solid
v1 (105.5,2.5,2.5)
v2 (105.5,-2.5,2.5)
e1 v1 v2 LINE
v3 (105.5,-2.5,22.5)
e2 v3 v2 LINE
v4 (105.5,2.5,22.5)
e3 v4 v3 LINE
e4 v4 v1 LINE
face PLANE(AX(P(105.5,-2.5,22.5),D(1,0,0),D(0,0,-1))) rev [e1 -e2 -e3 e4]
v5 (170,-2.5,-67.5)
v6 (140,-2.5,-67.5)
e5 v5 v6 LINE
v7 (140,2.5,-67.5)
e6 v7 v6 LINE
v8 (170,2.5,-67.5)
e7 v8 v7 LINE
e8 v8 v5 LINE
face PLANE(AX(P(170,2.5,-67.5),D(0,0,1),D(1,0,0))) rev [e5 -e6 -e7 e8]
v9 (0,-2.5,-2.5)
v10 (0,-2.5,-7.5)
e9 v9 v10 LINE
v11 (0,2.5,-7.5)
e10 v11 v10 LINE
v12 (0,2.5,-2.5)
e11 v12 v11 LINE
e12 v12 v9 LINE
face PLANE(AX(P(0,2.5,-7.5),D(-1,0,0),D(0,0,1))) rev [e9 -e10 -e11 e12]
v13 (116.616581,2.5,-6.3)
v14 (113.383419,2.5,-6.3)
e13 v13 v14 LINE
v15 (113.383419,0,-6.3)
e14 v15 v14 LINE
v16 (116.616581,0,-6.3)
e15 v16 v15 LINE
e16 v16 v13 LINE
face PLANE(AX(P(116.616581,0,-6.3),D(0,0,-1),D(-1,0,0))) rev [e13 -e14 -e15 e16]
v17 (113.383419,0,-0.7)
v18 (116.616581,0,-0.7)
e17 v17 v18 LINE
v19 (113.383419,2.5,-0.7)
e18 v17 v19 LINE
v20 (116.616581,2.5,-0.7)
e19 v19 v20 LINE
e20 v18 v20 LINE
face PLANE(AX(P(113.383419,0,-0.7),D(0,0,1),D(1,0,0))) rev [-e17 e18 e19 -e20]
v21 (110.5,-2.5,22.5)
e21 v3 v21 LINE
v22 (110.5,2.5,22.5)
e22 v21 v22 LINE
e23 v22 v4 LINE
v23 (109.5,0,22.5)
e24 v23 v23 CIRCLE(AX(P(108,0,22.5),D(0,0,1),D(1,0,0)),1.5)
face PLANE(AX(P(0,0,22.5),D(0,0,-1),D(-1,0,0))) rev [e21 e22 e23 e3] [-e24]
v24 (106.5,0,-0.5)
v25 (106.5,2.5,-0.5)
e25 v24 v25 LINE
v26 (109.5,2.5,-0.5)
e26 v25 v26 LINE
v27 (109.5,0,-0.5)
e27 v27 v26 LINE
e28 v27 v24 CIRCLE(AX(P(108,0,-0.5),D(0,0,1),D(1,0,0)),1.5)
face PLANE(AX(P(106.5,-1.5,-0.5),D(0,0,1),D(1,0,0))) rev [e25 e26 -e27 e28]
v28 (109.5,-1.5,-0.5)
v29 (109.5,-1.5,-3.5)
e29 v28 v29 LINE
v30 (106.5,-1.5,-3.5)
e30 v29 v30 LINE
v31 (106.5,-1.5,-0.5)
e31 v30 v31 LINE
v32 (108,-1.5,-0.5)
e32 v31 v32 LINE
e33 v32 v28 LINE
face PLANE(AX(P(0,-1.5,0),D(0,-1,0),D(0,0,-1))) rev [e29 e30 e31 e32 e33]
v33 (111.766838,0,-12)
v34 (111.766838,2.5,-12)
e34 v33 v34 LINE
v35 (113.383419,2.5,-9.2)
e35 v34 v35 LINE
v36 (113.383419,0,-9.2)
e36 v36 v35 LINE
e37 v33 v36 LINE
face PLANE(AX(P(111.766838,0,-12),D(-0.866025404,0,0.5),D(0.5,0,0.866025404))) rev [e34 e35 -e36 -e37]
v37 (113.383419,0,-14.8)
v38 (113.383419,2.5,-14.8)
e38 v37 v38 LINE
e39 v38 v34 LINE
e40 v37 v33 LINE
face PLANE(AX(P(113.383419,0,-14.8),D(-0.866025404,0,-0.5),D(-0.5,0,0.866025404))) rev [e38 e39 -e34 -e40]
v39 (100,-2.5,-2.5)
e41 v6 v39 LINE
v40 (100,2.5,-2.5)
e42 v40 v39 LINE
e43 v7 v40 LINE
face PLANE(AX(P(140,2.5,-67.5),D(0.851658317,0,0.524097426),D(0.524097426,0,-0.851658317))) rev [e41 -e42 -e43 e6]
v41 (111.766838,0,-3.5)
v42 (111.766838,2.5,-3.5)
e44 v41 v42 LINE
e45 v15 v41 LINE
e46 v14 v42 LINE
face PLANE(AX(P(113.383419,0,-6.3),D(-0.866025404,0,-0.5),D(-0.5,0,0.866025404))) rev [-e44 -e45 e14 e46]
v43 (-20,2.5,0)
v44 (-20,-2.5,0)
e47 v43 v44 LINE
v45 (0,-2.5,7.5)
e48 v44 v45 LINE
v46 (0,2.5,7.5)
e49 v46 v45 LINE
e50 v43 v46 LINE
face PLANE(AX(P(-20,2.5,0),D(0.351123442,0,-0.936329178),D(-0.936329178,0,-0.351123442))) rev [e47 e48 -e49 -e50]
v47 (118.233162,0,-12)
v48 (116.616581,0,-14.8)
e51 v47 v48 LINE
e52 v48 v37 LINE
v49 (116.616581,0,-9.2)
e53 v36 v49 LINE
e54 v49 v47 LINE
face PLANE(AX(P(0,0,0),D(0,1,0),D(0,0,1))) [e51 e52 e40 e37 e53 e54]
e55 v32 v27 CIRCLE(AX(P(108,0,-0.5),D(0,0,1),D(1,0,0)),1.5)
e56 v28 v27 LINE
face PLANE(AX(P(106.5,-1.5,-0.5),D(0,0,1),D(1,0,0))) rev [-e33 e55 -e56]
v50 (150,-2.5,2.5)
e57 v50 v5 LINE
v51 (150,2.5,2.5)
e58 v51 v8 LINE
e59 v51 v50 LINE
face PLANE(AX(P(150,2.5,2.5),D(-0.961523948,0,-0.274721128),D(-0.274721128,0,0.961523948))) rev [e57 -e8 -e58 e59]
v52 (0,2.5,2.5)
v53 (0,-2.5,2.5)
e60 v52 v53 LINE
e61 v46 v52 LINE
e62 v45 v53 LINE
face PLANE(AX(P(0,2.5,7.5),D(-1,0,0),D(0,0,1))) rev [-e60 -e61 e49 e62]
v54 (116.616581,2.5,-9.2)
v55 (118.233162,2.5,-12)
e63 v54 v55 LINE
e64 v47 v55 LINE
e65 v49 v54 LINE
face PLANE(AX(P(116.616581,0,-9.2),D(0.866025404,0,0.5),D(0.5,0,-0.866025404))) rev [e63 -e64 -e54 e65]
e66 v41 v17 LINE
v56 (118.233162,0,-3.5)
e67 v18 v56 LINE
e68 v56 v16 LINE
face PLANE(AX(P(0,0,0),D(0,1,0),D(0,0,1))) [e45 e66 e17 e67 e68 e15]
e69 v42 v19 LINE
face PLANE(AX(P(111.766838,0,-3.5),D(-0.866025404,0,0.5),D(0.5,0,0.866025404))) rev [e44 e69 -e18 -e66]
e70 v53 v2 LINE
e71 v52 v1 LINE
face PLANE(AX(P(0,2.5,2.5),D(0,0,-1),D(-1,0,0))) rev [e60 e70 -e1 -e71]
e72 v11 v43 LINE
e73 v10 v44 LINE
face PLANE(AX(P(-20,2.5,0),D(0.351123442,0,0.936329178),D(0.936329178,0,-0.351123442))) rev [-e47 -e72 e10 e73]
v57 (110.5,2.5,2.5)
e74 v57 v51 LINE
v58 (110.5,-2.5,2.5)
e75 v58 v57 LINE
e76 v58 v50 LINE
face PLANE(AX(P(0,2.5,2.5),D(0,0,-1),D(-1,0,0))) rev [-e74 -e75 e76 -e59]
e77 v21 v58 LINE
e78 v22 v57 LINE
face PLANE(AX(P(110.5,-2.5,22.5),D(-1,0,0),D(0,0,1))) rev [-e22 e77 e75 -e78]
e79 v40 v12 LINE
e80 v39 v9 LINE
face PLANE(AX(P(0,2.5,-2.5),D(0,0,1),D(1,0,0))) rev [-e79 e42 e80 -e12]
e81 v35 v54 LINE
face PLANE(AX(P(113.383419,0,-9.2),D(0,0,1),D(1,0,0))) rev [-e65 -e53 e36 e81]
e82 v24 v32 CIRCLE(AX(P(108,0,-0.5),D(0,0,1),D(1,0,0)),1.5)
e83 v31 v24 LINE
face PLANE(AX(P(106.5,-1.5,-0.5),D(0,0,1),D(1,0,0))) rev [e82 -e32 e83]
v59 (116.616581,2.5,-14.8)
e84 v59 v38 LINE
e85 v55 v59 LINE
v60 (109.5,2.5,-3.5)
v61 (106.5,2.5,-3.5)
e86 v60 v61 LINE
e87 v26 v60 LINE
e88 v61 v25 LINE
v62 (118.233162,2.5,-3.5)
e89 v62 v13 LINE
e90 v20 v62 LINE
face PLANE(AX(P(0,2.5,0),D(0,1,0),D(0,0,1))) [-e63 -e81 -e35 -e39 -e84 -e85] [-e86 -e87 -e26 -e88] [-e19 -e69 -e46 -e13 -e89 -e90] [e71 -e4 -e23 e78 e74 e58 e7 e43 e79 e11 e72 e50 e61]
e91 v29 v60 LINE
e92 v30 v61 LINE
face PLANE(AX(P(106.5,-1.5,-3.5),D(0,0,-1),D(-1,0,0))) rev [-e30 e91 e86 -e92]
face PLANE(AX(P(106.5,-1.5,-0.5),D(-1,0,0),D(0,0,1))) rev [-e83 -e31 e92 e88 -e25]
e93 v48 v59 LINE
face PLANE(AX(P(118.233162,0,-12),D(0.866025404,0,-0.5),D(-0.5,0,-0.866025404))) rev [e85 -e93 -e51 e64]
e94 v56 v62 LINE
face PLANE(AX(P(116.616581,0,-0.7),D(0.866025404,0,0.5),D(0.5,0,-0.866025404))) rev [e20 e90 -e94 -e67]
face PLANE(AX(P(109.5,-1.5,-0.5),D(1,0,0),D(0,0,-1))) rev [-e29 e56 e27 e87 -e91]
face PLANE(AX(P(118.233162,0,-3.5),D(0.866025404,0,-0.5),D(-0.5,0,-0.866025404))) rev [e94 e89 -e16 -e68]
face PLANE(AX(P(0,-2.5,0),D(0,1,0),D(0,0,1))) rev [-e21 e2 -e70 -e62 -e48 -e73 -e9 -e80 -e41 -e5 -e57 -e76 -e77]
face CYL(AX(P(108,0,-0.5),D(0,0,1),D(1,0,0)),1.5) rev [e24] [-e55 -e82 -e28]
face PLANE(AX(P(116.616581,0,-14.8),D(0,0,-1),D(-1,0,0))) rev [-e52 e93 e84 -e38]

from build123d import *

# Parameters (mm, degrees)
BOSS_EXTRUDE1_DEPTH = 2.5
CUT_EXTRUDE2_DEPTH  = 2.5
SKETCH3_W           = 5
SKETCH3_H           = 5
BOSS_EXTRUDE2_DEPTH = 20
SKETCH4_R           = 1.5
CUT_EXTRUDE3_DEPTH  = 23
SKETCH6_W           = 3
SKETCH6_H           = 3
CUT_EXTRUDE5_DEPTH  = 4


with BuildPart() as part:
    # Sketch1 → Boss-Extrude1 (new, symmetric)
    with BuildSketch(Plane(origin=(0, 0, 0), x_dir=(1, 0, 0), z_dir=(0, 1, 0))):
        Polygon((-20, 0), (0, 7.5), (0, 2.5), (100, 2.5), (140, 67.5), (170, 67.5), (150, -2.5), (0, -2.5), (0, -7.5), align=None)
    extrude(amount=BOSS_EXTRUDE1_DEPTH, both=True)

    # Sketch2 → Cut-Extrude2 (cut)
    with BuildSketch(Plane(origin=(0, 2.5, 0), x_dir=(1, 0, 0), z_dir=(0, 1, 0))):
        Polygon((118.233161507, 12), (116.616580754, 14.8), (113.383419246, 14.8), (111.766838493, 12), (113.383419246, 9.2), (116.616580754, 9.2), align=None)
        Polygon((118.233161507, 3.5), (116.616580754, 6.3), (113.383419246, 6.3), (111.766838493, 3.5), (113.383419246, 0.7), (116.616580754, 0.7), align=None)
    extrude(amount=-CUT_EXTRUDE2_DEPTH, mode=Mode.SUBTRACT)

    # Sketch3 → Boss-Extrude2 (add)
    with BuildSketch(Plane.XY.offset(2.5)):
        with Locations((108, 0)):
            Rectangle(SKETCH3_W, SKETCH3_H)
    extrude(amount=BOSS_EXTRUDE2_DEPTH)

    # Sketch4 → Cut-Extrude3 (cut)
    with BuildSketch(Plane.XY.offset(22.5)):
        with Locations((108, 0)):
            Circle(SKETCH4_R)
    extrude(amount=-CUT_EXTRUDE3_DEPTH, mode=Mode.SUBTRACT)

    # Sketch6 → Cut-Extrude5 (cut)
    with BuildSketch(Plane(origin=(0, 2.5, 0), x_dir=(1, 0, 0), z_dir=(0, 1, 0))):
        with Locations((108, 2)):
            Rectangle(SKETCH6_W, SKETCH6_H)
    extrude(amount=-CUT_EXTRUDE5_DEPTH, mode=Mode.SUBTRACT)


solid = part.part
